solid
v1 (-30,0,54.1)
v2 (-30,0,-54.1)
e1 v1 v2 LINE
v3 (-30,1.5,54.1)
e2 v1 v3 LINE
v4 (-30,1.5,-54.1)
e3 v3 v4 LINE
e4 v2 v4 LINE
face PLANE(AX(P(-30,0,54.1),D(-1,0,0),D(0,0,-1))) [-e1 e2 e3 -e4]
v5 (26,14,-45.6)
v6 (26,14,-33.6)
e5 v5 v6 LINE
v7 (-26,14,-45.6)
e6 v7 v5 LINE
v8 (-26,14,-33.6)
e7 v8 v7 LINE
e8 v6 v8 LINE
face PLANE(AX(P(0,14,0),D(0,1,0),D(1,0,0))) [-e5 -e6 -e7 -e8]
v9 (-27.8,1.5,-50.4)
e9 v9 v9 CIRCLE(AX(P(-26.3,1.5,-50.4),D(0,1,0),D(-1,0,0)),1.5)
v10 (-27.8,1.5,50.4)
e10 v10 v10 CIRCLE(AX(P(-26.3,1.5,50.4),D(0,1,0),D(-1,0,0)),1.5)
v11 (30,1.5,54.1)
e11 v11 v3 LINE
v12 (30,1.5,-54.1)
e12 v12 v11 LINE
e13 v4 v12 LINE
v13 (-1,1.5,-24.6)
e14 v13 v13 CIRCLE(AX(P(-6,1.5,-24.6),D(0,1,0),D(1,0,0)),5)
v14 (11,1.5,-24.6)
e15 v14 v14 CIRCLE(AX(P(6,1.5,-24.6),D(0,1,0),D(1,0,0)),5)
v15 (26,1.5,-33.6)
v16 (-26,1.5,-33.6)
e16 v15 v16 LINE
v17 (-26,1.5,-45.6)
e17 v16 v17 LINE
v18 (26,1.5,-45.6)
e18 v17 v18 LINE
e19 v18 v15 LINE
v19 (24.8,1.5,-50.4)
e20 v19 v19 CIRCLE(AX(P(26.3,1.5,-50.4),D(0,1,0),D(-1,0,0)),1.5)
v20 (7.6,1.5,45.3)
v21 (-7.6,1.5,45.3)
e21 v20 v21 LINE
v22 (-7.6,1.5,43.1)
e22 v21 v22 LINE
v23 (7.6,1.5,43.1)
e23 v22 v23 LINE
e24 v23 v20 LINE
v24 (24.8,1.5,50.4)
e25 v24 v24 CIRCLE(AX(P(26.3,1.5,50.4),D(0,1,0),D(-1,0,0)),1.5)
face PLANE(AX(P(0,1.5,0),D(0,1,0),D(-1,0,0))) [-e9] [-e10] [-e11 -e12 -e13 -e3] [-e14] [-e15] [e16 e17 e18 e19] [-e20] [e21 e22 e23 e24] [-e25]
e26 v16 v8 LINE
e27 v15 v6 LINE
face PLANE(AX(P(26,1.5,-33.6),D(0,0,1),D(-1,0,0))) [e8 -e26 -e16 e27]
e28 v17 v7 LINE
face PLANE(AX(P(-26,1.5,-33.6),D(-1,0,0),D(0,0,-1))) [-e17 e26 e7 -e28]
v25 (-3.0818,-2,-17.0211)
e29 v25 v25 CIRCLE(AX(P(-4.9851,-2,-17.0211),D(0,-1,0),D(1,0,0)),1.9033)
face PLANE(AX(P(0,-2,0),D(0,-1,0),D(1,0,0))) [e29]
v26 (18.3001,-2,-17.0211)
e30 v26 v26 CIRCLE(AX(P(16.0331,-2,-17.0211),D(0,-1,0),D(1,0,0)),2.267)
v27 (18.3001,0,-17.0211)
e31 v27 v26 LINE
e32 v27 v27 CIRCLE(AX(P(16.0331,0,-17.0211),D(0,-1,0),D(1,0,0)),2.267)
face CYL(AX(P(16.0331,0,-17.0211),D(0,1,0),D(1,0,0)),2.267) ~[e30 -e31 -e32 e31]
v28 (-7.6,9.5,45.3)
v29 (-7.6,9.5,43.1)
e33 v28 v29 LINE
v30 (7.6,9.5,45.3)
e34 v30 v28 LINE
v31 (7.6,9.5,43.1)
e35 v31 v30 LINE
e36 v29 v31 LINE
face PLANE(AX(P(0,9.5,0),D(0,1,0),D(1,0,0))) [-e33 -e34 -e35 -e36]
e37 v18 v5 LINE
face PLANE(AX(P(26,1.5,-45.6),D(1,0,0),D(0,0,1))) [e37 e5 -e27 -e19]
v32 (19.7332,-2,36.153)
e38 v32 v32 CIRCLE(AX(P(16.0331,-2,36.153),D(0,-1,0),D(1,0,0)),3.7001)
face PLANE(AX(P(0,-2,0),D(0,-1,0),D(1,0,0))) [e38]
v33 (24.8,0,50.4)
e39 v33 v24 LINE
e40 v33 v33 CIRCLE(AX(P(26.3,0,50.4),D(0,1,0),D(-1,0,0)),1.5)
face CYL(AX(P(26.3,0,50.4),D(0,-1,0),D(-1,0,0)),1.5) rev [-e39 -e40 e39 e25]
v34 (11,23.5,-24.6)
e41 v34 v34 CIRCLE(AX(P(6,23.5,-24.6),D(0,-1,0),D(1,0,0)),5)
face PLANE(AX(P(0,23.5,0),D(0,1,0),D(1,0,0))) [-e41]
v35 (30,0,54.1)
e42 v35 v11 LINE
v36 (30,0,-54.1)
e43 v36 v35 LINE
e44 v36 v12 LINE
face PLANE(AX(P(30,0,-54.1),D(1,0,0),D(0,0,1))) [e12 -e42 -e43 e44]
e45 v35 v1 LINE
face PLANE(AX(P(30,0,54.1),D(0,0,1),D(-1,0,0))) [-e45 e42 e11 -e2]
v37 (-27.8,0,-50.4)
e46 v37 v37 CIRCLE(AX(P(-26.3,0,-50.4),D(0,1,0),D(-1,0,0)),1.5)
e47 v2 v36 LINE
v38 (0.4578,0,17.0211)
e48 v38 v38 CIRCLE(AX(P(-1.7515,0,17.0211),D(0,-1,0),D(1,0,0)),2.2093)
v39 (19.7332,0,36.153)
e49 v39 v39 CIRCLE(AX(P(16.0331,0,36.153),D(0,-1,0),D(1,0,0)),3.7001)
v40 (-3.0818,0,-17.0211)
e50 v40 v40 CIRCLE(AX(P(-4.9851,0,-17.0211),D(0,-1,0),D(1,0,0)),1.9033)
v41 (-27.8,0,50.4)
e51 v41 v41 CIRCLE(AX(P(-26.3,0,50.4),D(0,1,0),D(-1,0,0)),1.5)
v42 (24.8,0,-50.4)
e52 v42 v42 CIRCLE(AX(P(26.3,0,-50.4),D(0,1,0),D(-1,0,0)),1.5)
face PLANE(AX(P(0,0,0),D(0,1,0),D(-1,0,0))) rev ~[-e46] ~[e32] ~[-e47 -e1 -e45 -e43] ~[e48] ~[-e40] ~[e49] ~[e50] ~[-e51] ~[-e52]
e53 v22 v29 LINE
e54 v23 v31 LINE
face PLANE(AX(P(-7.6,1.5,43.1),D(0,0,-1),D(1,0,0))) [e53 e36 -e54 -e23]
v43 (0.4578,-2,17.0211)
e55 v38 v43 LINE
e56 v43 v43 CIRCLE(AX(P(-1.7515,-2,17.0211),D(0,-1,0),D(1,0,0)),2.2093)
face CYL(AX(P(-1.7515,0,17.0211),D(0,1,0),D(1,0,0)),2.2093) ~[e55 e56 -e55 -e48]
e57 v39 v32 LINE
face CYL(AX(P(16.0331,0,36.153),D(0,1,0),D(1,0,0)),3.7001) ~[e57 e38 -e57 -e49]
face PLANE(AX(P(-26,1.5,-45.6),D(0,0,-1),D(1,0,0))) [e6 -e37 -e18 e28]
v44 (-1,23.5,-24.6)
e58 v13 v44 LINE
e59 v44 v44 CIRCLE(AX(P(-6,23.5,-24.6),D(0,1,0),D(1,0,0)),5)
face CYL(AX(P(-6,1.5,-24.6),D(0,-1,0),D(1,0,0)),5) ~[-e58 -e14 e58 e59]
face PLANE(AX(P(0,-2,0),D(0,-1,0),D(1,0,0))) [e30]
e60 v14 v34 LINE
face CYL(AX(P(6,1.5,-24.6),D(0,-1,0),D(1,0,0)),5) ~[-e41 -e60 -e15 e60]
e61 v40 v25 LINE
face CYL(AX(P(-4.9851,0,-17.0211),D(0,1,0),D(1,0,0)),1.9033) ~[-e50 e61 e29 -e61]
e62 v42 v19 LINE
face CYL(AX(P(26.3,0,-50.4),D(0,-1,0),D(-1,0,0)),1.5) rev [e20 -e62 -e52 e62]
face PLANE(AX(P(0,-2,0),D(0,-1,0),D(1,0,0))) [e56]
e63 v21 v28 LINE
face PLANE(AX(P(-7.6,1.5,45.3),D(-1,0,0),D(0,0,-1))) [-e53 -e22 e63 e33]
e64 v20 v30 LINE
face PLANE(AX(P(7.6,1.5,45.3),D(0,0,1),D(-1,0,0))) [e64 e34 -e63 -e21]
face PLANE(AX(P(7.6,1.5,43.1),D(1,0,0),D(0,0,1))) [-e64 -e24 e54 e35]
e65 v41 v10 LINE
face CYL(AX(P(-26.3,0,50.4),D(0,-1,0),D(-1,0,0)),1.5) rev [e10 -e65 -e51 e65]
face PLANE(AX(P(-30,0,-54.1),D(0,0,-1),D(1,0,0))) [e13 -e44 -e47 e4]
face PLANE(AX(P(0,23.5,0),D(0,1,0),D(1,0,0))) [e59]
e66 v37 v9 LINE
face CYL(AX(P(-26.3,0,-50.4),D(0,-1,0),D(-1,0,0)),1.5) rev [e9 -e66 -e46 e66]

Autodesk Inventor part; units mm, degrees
ref_plane "YZ Plane" through (0, 0, 0) normal (1, 0, 0) x (0, 1, 0)
ref_plane "XZ Plane" through (0, 0, 0) normal (0, 1, 0) x (-1, 0, 0)
ref_plane "XY Plane" through (0, 0, 0) normal (0, 0, 1) x (1, 0, 0)
sketch "Sketch1" plane through (0, 0, 0) normal (0, 1, 0) x (-1, 0, 0)
  line L0 (-30, 54.1) -> (30, 54.1)
  line L1 (30, 54.1) -> (30, -54.1)
  line L2 (30, -54.1) -> (-30, -54.1)
  line L3 (-30, -54.1) -> (-30, 54.1)
  line L4 (-30, 54.1) -> (30, -54.1) construction
  line L5 (30, 54.1) -> (-30, -54.1) construction
  circle A0 centre (26.3, 50.4) radius 1.5
  line L6 (0, 0) -> (11.9593, 0)
  line L7 (0, 0) -> (0, 9.8578)
  circle A1 centre (26.3, -50.4) radius 1.5
  circle A2 centre (-26.3, 50.4) radius 1.5
  circle A3 centre (-26.3, -50.4) radius 1.5
  dimension "d0" = 60
  dimension "d1" = 108.2
  dimension "d2" = 3.7
  dimension "d3" = 3.7
  dimension "d4" = 3
extrude "Extrusion1" add sketch "Sketch1" along normal blind 1.5
sketch "Sketch2" plane through (0, 1.5, 0) normal (0, 1, 0) x (1, 0, 0)
  line L0 (30, 54.1) -> (-30, 54.1) projected
  line L1 (-30, 54.1) -> (-30, -54.1) projected
  line L2 (-30, -54.1) -> (30, -54.1) projected
  line L3 (30, -54.1) -> (30, 54.1) projected
  circle A0 centre (26.3, 50.4) radius 1.5 projected
  circle A1 centre (26.3, -50.4) radius 1.5 projected
  circle A2 centre (-26.3, 50.4) radius 1.5 projected
  circle A3 centre (-26.3, -50.4) radius 1.5 projected
  line L4 (7.6, -45.3) -> (-7.6, -45.3)
  line L5 (-7.6, -45.3) -> (-7.6, -43.1)
  line L6 (-7.6, -43.1) -> (7.6, -43.1)
  line L7 (7.6, -43.1) -> (7.6, -45.3)
  line L8 (7.6, -45.3) -> (-7.6, -43.1) construction
  line L9 (-7.6, -45.3) -> (7.6, -43.1) construction
  point P0 (0, 0)
  point P1 (0, -44.2)
  point P2 (0, -54.1)
  dimension "d7" = 2.2
  dimension "d8" = 15.2
  dimension "d9" = 11
extrude "Extrusion2" add sketch "Sketch2" along normal blind 8 contours L4 L5 L6 L7
sketch "Sketch3" plane through (0, 0, 0) normal (0, -1, 0) x (1, 0, 0)
  circle A0 centre (16.0331, -17.0211) radius 2.267
  circle A1 centre (-4.9851, -17.0211) radius 1.9033
  circle A2 centre (-1.7515, 17.0211) radius 2.2093
  circle A3 centre (16.0331, 36.153) radius 3.7001
  point P0 (0, 0)
extrude "Extrusion3" add sketch "Sketch3" along normal blind 2
sketch "Sketch4" plane through (0, 1.5, 0) normal (0, 1, 0) x (1, 0, 0)
  circle A0 centre (-6, 24.6) radius 5
  circle A1 centre (6, 24.6) radius 5
  line L0 (30, 54.1) -> (-30, 54.1) projected
  line L1 (-6, 24.6) -> (6, 24.6)
  point P0 (0, 0)
  point P1 (0, 24.6)
  point P2 (0, 54.1)
  dimension "d14" = 10
  dimension "d15" = 29.5
  dimension "d16" = 12
extrude "Extrusion4" add sketch "Sketch4" along normal blind 22
sketch "Sketch5" plane through (0, 1.5, 0) normal (0, 1, 0) x (1, 0, 0)
  circle A0 centre (6, 24.6) radius 5 projected
  circle A1 centre (-6, 24.6) radius 5 projected
  line L0 (7.6, -43.1) -> (7.6, -45.3) projected
  line L1 (7.6, -45.3) -> (-7.6, -45.3) projected
  line L2 (-7.6, -45.3) -> (-7.6, -43.1) projected
  line L3 (-7.6, -43.1) -> (7.6, -43.1) projected
  line L4 (30, 54.1) -> (-30, 54.1) projected
  line L5 (-30, 54.1) -> (-30, -54.1) projected
  line L6 (-30, -54.1) -> (30, -54.1) projected
  line L7 (30, -54.1) -> (30, 54.1) projected
  circle A2 centre (26.3, 50.4) radius 1.5 projected
  circle A3 centre (26.3, -50.4) radius 1.5 projected
  circle A4 centre (-26.3, 50.4) radius 1.5 projected
  circle A5 centre (-26.3, -50.4) radius 1.5 projected
  line L8 (26, 33.6) -> (-26, 33.6)
  line L9 (-26, 33.6) -> (-26, 45.6)
  line L10 (-26, 45.6) -> (26, 45.6)
  line L11 (26, 45.6) -> (26, 33.6)
  line L12 (26, 33.6) -> (-26, 45.6) construction
  line L13 (-26, 33.6) -> (26, 45.6) construction
  point P0 (0, 0)
  point P1 (0, 39.6)
  dimension "d19" = 52
  dimension "d20" = 12
  dimension "d21" = 8.5
extrude "Extrusion5" add sketch "Sketch5" along normal blind 12.5 contours L8 L9 L10 L11
properties part number "DRIVER" material "Steel, Mild, Welded"
